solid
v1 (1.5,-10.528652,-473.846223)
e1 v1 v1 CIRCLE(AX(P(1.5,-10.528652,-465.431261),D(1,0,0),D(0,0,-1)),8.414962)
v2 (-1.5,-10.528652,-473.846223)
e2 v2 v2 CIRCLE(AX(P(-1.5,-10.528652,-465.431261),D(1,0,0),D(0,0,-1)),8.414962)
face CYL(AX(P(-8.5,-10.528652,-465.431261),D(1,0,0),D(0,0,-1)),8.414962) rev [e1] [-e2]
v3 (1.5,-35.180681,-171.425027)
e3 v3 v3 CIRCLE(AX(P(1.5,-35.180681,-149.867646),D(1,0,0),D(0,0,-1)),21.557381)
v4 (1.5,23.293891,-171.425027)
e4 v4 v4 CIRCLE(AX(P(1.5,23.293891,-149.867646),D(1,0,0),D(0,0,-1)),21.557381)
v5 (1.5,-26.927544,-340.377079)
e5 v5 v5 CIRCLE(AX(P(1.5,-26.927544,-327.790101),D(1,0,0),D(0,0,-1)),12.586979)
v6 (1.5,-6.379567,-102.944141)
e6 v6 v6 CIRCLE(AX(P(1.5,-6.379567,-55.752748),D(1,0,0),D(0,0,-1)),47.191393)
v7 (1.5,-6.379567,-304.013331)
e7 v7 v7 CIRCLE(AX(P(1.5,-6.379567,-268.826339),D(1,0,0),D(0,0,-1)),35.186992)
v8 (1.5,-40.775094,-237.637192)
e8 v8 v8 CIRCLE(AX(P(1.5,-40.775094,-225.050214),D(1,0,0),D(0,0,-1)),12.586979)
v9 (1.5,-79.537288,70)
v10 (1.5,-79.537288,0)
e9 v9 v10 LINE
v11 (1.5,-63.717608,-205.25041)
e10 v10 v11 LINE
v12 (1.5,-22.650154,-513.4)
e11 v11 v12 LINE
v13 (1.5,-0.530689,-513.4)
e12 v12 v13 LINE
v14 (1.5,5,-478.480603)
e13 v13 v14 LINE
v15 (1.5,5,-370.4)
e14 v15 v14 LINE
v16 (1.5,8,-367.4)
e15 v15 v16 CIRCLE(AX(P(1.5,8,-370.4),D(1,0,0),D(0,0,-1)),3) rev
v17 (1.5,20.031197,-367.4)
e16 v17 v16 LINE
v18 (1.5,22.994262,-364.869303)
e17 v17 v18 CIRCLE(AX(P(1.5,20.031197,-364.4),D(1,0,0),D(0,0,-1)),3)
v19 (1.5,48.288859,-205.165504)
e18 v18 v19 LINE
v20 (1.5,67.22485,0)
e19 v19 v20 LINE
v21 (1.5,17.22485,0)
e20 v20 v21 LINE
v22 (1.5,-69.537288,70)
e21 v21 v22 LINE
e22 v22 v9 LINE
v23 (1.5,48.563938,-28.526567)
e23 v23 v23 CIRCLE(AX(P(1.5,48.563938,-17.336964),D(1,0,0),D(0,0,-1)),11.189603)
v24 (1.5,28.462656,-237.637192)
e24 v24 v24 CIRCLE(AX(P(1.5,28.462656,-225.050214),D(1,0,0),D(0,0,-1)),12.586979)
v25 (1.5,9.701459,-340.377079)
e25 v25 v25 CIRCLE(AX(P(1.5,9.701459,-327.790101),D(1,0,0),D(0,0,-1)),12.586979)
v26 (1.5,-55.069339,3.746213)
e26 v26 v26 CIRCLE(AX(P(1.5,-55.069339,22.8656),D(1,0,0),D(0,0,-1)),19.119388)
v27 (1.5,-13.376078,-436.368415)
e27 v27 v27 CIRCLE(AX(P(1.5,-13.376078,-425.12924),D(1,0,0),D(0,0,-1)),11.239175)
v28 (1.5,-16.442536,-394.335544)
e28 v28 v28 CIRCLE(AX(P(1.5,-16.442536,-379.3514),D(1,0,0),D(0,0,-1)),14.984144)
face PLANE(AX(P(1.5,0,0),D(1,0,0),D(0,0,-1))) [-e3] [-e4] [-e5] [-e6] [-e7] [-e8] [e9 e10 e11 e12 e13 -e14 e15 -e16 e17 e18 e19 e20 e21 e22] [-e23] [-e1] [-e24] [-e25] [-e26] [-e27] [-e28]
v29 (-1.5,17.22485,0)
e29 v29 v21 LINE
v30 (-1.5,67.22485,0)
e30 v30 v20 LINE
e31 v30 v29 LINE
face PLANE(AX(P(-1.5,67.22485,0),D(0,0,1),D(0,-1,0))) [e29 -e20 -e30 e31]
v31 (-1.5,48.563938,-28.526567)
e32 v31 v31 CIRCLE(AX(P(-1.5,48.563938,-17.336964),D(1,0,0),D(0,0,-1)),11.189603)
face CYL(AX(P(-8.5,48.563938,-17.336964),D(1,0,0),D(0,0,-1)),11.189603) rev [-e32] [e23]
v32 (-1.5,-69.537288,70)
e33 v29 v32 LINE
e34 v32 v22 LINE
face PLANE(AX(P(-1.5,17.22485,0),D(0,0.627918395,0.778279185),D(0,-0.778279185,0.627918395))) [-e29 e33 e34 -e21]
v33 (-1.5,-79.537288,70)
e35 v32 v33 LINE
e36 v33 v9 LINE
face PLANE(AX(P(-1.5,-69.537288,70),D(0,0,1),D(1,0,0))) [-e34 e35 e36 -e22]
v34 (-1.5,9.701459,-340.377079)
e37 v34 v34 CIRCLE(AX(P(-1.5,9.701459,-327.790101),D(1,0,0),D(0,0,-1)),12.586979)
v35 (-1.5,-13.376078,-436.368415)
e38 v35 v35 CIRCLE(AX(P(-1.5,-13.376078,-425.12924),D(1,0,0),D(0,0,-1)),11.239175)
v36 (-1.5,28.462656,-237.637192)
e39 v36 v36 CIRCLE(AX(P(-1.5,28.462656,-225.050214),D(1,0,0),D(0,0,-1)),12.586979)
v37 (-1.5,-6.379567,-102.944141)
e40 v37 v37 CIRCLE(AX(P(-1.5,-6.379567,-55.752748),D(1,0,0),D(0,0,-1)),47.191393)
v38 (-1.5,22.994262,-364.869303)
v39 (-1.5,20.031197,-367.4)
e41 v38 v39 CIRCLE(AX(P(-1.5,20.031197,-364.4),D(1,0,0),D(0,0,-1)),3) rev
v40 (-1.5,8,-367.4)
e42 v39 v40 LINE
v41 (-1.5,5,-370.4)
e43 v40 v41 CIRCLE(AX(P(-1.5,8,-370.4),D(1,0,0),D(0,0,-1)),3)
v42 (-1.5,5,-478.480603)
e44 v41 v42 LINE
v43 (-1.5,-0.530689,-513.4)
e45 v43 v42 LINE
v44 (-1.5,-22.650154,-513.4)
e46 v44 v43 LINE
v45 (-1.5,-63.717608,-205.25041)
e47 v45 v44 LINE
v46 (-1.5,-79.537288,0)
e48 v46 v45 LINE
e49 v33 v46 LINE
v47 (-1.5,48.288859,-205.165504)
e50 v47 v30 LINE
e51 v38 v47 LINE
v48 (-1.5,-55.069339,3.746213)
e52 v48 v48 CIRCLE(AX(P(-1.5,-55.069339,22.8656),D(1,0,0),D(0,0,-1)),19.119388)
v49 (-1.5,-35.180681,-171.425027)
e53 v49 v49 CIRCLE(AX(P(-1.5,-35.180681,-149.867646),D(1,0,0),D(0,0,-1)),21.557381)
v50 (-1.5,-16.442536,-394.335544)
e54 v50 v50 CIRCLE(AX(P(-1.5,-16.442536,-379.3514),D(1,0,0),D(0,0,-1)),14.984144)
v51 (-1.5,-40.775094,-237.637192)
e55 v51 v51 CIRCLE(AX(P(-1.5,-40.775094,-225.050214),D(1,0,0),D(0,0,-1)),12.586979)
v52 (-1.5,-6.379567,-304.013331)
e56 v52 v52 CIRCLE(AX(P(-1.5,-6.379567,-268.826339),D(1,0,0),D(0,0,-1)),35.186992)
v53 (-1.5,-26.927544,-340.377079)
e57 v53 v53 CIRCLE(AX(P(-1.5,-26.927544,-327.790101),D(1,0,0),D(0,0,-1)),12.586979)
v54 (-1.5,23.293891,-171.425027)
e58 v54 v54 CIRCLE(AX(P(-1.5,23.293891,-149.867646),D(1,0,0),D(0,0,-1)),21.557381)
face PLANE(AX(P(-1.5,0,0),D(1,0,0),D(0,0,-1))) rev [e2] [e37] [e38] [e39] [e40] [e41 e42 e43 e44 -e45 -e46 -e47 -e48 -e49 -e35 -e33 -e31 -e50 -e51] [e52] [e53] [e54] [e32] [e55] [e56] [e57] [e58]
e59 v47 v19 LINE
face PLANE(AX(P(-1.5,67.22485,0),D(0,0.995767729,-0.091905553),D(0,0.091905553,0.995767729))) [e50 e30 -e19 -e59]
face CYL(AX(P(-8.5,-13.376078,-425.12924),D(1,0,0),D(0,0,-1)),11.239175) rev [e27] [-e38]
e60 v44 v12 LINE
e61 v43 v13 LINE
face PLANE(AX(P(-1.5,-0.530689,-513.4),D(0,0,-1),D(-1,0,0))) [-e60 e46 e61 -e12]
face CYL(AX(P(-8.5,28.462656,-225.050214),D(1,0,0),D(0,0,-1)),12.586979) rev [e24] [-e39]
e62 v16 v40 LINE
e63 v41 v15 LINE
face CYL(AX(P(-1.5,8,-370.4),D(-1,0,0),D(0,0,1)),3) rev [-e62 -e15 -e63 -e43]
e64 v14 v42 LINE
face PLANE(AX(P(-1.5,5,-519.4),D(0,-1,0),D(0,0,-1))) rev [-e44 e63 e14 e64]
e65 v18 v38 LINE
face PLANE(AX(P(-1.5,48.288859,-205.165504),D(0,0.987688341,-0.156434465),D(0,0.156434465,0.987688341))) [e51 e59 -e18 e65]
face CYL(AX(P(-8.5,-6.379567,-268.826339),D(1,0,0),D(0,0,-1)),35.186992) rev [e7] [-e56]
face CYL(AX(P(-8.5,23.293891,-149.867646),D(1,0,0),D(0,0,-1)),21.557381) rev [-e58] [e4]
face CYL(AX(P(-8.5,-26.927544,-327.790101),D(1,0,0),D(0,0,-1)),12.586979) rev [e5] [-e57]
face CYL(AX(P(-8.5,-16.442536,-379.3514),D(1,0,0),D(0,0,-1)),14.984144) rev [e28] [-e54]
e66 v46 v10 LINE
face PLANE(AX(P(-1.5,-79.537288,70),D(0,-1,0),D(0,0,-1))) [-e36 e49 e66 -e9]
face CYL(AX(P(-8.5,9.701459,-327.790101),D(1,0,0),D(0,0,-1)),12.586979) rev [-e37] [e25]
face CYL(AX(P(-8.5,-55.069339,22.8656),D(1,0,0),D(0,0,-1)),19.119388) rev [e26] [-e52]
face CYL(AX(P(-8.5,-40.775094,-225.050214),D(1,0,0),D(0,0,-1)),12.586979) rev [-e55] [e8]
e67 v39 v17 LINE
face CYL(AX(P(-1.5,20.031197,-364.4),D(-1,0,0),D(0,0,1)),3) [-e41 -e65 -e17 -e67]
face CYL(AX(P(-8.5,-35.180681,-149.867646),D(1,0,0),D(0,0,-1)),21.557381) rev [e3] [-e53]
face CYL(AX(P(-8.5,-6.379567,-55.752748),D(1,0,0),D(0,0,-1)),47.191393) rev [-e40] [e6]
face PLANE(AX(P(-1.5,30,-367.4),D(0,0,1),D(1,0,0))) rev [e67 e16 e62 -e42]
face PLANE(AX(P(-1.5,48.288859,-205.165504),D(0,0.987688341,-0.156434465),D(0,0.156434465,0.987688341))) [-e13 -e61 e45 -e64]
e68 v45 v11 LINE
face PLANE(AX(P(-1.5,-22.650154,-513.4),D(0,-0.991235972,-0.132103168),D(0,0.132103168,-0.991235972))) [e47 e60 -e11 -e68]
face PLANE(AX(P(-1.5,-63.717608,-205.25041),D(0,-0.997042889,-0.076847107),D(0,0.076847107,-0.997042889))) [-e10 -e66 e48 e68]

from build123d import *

# Parameters (mm, degrees)
BOSS_EXTRUDE1_DEPTH      = 1.5
BOSS_EXTRUDE1_DEPTH_BACK = 1.5
SKETCH3_W                = 152
SKETCH3_H                = 25
CUT_EXTRUDE1_DEPTH       = 520.533194562
SKETCH4_R                = 19.119387796
SKETCH4_R_2              = 47.191393473
SKETCH4_R_3              = 35.18699184
SKETCH4_R_4              = 12.586978738
SKETCH4_R_5              = 11.189603354
SKETCH4_R_6              = 21.557380713
SKETCH4_R_7              = 14.984143728
SKETCH4_R_8              = 11.239174992
SKETCH4_R_9              = 8.41496245
CUT_EXTRUDE2_DEPTH       = 10
FILLET1_R                = 3


with BuildPart() as part:
    # Sketch2 → Boss-Extrude1 (new, two sides: drawn at the far end of the back side and taken through both)
    with BuildSketch(Plane(origin=(0, 0, 0), x_dir=(0, 0, -1), z_dir=(1, 0, 0)).offset(-BOSS_EXTRUDE1_DEPTH_BACK)):
        Polygon((0, 67.22485033), (205.165503831, 48.288859026), (513.4, -0.530689138), (513.4, -22.650154351), (205.250409944, -63.717607751), (0, -79.537288439), (-70, -79.537288439), (-70, -69.537288439), (0, 17.22485033), align=None)
    extrude(amount=BOSS_EXTRUDE1_DEPTH + BOSS_EXTRUDE1_DEPTH_BACK)

    # Sketch3 → Cut-Extrude1 (cut, through all)
    with BuildSketch(Plane(origin=(1.5, 0, 0), x_dir=(0, 0, -1), z_dir=(1, 0, 0))):
        with Locations((443.4, 17.5)):
            Rectangle(SKETCH3_W, SKETCH3_H)
    extrude(amount=-CUT_EXTRUDE1_DEPTH, mode=Mode.SUBTRACT)

    # Sketch4 → Cut-Extrude2 (cut)
    with BuildSketch(Plane(origin=(1.5, 0, 0), x_dir=(0, 0, -1), z_dir=(1, 0, 0))):
        with Locations((-22.865600385, -55.069339131)):
            Circle(SKETCH4_R)
        with Locations((55.752747866, -6.379566635)):
            Circle(SKETCH4_R_2)
        with Locations((268.826339435, -6.379566635)):
            Circle(SKETCH4_R_3)
        with Locations((225.050213704, 28.462655886)):
            Circle(SKETCH4_R_4)
        with Locations((17.336964062, 48.563938109)):
            Circle(SKETCH4_R_5)
        with Locations((225.050213704, -40.775093995)):
            Circle(SKETCH4_R_4)
        with Locations((327.790100624, -26.927544019)):
            Circle(SKETCH4_R_4)
        with Locations((327.790100624, 9.701459144)):
            Circle(SKETCH4_R_4)
        with Locations((149.867646424, 23.293890716)):
            Circle(SKETCH4_R_6)
        with Locations((149.867646424, -35.180680846)):
            Circle(SKETCH4_R_6)
        with Locations((379.3514003, -16.442535715)):
            Circle(SKETCH4_R_7)
        with Locations((425.129239545, -13.376077584)):
            Circle(SKETCH4_R_8)
        with Locations((465.431260698, -10.528652176)):
            Circle(SKETCH4_R_9)
    extrude(amount=-CUT_EXTRUDE2_DEPTH, mode=Mode.SUBTRACT)

    # Fillet1
    fillet1_edges = [part.edges().sort_by_distance(p)[0] for p in [
        (0, 5, -367.4),
        (0, 22.593439149, -367.4),
    ]]
    fillet(fillet1_edges, radius=FILLET1_R)


solid = part.part
